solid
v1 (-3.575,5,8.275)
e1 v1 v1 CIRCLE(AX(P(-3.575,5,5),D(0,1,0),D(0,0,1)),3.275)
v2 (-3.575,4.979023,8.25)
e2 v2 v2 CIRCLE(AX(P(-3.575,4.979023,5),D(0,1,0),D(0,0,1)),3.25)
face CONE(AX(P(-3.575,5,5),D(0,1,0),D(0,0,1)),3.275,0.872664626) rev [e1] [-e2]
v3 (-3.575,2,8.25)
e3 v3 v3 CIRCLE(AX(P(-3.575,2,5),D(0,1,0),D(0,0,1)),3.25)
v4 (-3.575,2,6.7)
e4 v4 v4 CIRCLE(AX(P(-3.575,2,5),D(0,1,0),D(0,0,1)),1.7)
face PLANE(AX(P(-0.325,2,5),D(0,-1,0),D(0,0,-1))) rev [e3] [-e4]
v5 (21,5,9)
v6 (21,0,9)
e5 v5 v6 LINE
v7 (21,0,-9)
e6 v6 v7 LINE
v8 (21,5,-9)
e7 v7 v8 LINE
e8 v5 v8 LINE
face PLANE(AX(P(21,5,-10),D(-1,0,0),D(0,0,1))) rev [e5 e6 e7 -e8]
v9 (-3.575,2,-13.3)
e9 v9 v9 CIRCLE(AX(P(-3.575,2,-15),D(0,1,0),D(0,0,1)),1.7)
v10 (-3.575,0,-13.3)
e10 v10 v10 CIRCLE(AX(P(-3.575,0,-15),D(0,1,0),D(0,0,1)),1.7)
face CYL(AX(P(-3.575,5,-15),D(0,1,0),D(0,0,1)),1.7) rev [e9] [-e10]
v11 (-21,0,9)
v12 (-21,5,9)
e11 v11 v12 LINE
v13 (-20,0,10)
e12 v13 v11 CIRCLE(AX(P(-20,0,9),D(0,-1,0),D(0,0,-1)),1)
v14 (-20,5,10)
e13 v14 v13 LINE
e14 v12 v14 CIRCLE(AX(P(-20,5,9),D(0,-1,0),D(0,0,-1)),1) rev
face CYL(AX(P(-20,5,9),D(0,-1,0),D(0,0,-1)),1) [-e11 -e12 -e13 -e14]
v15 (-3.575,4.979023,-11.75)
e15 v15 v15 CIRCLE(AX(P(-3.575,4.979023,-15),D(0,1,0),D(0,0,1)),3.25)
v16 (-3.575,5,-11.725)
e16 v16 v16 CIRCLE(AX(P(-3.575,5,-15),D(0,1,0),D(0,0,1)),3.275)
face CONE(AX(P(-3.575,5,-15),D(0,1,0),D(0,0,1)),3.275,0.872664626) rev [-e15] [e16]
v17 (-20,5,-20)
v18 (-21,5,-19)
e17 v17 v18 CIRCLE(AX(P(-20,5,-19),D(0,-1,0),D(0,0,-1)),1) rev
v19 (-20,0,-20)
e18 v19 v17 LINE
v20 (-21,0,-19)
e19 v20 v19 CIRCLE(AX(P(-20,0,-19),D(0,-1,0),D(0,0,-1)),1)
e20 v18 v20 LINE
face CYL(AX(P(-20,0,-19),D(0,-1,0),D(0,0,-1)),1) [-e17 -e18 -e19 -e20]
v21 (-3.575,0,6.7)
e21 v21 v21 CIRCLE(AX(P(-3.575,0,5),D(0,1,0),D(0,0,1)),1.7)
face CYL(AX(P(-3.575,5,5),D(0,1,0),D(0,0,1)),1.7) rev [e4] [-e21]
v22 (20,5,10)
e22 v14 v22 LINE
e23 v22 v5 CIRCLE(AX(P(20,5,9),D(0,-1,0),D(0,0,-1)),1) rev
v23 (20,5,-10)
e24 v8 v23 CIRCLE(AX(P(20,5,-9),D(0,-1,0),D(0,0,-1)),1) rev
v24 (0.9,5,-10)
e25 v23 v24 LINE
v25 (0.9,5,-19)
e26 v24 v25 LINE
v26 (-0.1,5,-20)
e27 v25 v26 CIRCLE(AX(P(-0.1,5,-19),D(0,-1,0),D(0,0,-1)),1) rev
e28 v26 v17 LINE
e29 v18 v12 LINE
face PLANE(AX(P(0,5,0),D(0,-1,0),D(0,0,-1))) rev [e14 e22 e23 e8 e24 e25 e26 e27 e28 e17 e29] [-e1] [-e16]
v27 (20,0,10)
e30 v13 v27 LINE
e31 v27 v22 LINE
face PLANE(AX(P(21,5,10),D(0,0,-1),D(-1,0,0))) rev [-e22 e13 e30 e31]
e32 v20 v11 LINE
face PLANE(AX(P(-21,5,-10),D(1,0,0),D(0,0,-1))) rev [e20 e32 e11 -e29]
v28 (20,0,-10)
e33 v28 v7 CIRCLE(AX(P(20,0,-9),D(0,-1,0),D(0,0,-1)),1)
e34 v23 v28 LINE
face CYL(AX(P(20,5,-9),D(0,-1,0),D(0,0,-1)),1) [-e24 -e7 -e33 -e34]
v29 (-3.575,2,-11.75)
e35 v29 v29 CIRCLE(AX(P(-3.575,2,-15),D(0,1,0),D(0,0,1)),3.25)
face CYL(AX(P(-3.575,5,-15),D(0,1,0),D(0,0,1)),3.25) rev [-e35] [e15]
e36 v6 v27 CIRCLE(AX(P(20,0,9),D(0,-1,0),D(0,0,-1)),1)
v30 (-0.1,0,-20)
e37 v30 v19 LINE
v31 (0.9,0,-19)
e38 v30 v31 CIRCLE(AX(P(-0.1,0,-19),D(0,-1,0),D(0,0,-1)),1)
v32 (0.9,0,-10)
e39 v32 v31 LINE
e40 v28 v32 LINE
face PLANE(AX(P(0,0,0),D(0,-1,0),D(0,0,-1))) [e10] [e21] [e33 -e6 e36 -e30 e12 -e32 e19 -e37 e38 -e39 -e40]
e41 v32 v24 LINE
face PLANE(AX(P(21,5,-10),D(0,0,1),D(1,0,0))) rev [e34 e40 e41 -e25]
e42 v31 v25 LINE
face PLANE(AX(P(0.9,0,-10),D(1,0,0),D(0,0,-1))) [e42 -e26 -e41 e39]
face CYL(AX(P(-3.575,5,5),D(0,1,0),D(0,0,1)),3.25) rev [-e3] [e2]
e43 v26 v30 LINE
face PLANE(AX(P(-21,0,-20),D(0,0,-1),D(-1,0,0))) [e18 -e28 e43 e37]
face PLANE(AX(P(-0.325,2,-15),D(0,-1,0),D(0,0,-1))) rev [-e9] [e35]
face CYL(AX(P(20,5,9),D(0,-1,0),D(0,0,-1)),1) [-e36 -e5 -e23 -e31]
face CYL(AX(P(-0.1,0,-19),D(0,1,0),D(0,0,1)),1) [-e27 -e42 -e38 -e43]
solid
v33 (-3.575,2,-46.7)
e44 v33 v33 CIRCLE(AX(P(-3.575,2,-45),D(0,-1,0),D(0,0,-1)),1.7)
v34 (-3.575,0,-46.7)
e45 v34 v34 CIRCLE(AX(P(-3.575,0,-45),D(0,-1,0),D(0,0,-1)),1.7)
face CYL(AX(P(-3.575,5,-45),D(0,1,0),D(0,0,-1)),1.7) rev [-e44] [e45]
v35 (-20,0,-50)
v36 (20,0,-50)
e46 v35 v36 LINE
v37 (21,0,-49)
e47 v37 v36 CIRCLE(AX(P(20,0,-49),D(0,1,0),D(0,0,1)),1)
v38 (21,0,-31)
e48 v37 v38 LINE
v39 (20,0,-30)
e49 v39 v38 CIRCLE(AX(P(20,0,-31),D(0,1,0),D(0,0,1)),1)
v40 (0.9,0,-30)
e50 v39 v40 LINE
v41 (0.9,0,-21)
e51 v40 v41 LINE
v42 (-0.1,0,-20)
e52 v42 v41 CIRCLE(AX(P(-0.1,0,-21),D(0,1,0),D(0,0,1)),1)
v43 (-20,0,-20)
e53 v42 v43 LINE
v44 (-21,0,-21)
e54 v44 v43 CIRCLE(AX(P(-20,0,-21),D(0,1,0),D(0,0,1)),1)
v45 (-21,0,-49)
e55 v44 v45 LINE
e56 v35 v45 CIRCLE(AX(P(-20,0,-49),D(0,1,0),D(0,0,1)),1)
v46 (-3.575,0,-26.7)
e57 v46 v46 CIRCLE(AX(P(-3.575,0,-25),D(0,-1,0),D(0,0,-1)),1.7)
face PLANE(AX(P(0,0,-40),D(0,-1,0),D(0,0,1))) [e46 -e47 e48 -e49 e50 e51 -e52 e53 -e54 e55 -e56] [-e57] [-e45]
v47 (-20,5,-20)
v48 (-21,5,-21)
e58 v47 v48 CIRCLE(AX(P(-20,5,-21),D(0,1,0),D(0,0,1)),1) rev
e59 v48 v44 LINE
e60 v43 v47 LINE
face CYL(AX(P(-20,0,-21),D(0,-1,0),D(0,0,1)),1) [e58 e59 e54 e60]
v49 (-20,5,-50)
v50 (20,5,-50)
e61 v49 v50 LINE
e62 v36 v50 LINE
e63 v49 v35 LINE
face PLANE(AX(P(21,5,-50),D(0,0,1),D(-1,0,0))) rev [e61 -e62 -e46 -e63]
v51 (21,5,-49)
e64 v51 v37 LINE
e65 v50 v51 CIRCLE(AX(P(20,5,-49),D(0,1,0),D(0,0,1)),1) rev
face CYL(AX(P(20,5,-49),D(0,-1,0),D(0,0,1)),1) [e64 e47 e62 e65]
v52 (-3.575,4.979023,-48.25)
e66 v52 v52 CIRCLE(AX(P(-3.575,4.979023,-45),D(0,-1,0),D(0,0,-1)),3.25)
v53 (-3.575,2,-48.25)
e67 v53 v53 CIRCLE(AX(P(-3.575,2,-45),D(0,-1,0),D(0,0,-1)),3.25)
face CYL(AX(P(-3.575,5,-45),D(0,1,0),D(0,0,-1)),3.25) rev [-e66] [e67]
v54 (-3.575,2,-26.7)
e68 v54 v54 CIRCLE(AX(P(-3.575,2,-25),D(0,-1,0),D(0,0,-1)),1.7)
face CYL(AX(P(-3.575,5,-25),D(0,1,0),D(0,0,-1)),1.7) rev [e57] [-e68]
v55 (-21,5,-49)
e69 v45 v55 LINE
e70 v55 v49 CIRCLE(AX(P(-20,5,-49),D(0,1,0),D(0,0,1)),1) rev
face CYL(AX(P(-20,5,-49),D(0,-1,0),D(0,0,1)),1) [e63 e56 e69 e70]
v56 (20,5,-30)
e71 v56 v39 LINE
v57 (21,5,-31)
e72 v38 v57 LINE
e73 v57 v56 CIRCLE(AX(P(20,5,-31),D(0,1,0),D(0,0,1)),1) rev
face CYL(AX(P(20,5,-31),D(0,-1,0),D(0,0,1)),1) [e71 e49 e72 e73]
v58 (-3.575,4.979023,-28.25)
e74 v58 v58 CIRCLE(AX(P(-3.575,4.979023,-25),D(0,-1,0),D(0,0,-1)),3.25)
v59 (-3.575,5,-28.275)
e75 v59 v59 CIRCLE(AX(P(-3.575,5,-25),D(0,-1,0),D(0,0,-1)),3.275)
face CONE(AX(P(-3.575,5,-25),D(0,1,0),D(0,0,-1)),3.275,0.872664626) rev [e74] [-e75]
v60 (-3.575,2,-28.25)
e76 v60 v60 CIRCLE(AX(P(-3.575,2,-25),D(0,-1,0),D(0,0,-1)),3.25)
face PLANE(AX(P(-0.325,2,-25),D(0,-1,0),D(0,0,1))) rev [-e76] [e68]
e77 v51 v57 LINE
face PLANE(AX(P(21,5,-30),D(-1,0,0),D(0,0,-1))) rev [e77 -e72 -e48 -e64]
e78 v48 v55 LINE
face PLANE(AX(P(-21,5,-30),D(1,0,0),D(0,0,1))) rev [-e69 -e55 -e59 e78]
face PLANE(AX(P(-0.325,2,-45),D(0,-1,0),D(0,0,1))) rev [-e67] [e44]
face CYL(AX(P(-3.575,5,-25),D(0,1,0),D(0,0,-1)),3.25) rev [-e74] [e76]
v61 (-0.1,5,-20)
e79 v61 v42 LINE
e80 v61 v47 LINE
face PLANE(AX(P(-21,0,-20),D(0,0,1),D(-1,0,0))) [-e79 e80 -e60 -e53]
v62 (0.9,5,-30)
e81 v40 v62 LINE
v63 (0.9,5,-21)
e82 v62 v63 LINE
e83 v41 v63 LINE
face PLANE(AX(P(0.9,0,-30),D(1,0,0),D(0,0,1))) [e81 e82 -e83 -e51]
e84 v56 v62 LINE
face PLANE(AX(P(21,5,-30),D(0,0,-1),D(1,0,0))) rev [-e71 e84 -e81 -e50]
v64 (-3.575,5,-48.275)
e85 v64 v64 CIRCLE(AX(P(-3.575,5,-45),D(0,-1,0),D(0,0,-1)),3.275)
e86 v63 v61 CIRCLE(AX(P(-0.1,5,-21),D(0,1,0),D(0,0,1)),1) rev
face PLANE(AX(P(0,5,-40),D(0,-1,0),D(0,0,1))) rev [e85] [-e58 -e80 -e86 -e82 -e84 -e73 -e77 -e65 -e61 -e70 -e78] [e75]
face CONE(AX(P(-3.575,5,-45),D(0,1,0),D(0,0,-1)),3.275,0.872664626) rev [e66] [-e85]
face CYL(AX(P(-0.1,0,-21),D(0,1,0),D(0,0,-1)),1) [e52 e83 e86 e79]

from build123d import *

# Parameters (mm, degrees)
SKETCH1_W                     = 42
SKETCH1_H                     = 20
BOSS_EXTRUDE1_DEPTH           = 5
SKETCH2_W                     = 21.9
SKETCH2_H                     = 10
BOSS_EXTRUDE2_DEPTH           = 5
CBORE_FOR_M3_SHCS1_AT_2_COUNT = 2
CBORE_FOR_M3_SHCS1_AT_2_PITCH = 20
FILLET1_R                     = 1


with BuildPart() as part:
    # Sketch1 → Boss-Extrude1 (new body)
    with BuildSketch(Plane(origin=(0, 0, 0), x_dir=(1, 0, 0), z_dir=(0, 1, 0))):
        Rectangle(SKETCH1_W, SKETCH1_H)
    extrude(amount=BOSS_EXTRUDE1_DEPTH)

    # Sketch2 → Boss-Extrude2 (add)
    with BuildSketch(Plane(origin=(0, 5, 0), x_dir=(1, 0, 0), z_dir=(0, 1, 0))):
        with Locations((-10.05, 15)):
            Rectangle(SKETCH2_W, SKETCH2_H)
    extrude(amount=-BOSS_EXTRUDE2_DEPTH)

    # Sketch7 → CBORE for M3 SHCS1 (revolve, cut)
    with BuildSketch(Plane(origin=(-3.575, 5, -15), x_dir=(0, 0, 1), z_dir=(1, 0, 0))):
        Polygon((0, 0), (0, 5), (1.7, 5), (1.7, 3), (3.25, 3), (3.25, 0.020977491), (3.275, 0), align=None)
    cbore_for_m3_shcs1 = revolve(axis=Axis((-3.575, 11.35, -15), (0, -1, 0)), mode=Mode.SUBTRACT)

    # CBORE for M3 SHCS1 at 2: CBORE for M3 SHCS1 ×2
    with Locations(*[(0, 0, i * CBORE_FOR_M3_SHCS1_AT_2_PITCH) for i in range(1, CBORE_FOR_M3_SHCS1_AT_2_COUNT)]):
        add(cbore_for_m3_shcs1, mode=Mode.SUBTRACT)

    # Fillet1
    fillet1_edges = [part.edges().sort_by_distance(p)[0] for p in [
        (-21, 2.5, -20),
        (0.9, 2.5, -20),
        (21, 2.5, -10),
        (21, 2.5, 10),
        (-21, 2.5, 10),
    ]]
    fillet(fillet1_edges, radius=FILLET1_R)


with BuildPart() as body_2:
    # Mirror1: mirrored copy
    add(part.part.mirror(Plane(origin=(-21, 0, -20), x_dir=(1, 0, 0), z_dir=(0, 0, -1))))


solid = Compound([part.part, body_2.part])
